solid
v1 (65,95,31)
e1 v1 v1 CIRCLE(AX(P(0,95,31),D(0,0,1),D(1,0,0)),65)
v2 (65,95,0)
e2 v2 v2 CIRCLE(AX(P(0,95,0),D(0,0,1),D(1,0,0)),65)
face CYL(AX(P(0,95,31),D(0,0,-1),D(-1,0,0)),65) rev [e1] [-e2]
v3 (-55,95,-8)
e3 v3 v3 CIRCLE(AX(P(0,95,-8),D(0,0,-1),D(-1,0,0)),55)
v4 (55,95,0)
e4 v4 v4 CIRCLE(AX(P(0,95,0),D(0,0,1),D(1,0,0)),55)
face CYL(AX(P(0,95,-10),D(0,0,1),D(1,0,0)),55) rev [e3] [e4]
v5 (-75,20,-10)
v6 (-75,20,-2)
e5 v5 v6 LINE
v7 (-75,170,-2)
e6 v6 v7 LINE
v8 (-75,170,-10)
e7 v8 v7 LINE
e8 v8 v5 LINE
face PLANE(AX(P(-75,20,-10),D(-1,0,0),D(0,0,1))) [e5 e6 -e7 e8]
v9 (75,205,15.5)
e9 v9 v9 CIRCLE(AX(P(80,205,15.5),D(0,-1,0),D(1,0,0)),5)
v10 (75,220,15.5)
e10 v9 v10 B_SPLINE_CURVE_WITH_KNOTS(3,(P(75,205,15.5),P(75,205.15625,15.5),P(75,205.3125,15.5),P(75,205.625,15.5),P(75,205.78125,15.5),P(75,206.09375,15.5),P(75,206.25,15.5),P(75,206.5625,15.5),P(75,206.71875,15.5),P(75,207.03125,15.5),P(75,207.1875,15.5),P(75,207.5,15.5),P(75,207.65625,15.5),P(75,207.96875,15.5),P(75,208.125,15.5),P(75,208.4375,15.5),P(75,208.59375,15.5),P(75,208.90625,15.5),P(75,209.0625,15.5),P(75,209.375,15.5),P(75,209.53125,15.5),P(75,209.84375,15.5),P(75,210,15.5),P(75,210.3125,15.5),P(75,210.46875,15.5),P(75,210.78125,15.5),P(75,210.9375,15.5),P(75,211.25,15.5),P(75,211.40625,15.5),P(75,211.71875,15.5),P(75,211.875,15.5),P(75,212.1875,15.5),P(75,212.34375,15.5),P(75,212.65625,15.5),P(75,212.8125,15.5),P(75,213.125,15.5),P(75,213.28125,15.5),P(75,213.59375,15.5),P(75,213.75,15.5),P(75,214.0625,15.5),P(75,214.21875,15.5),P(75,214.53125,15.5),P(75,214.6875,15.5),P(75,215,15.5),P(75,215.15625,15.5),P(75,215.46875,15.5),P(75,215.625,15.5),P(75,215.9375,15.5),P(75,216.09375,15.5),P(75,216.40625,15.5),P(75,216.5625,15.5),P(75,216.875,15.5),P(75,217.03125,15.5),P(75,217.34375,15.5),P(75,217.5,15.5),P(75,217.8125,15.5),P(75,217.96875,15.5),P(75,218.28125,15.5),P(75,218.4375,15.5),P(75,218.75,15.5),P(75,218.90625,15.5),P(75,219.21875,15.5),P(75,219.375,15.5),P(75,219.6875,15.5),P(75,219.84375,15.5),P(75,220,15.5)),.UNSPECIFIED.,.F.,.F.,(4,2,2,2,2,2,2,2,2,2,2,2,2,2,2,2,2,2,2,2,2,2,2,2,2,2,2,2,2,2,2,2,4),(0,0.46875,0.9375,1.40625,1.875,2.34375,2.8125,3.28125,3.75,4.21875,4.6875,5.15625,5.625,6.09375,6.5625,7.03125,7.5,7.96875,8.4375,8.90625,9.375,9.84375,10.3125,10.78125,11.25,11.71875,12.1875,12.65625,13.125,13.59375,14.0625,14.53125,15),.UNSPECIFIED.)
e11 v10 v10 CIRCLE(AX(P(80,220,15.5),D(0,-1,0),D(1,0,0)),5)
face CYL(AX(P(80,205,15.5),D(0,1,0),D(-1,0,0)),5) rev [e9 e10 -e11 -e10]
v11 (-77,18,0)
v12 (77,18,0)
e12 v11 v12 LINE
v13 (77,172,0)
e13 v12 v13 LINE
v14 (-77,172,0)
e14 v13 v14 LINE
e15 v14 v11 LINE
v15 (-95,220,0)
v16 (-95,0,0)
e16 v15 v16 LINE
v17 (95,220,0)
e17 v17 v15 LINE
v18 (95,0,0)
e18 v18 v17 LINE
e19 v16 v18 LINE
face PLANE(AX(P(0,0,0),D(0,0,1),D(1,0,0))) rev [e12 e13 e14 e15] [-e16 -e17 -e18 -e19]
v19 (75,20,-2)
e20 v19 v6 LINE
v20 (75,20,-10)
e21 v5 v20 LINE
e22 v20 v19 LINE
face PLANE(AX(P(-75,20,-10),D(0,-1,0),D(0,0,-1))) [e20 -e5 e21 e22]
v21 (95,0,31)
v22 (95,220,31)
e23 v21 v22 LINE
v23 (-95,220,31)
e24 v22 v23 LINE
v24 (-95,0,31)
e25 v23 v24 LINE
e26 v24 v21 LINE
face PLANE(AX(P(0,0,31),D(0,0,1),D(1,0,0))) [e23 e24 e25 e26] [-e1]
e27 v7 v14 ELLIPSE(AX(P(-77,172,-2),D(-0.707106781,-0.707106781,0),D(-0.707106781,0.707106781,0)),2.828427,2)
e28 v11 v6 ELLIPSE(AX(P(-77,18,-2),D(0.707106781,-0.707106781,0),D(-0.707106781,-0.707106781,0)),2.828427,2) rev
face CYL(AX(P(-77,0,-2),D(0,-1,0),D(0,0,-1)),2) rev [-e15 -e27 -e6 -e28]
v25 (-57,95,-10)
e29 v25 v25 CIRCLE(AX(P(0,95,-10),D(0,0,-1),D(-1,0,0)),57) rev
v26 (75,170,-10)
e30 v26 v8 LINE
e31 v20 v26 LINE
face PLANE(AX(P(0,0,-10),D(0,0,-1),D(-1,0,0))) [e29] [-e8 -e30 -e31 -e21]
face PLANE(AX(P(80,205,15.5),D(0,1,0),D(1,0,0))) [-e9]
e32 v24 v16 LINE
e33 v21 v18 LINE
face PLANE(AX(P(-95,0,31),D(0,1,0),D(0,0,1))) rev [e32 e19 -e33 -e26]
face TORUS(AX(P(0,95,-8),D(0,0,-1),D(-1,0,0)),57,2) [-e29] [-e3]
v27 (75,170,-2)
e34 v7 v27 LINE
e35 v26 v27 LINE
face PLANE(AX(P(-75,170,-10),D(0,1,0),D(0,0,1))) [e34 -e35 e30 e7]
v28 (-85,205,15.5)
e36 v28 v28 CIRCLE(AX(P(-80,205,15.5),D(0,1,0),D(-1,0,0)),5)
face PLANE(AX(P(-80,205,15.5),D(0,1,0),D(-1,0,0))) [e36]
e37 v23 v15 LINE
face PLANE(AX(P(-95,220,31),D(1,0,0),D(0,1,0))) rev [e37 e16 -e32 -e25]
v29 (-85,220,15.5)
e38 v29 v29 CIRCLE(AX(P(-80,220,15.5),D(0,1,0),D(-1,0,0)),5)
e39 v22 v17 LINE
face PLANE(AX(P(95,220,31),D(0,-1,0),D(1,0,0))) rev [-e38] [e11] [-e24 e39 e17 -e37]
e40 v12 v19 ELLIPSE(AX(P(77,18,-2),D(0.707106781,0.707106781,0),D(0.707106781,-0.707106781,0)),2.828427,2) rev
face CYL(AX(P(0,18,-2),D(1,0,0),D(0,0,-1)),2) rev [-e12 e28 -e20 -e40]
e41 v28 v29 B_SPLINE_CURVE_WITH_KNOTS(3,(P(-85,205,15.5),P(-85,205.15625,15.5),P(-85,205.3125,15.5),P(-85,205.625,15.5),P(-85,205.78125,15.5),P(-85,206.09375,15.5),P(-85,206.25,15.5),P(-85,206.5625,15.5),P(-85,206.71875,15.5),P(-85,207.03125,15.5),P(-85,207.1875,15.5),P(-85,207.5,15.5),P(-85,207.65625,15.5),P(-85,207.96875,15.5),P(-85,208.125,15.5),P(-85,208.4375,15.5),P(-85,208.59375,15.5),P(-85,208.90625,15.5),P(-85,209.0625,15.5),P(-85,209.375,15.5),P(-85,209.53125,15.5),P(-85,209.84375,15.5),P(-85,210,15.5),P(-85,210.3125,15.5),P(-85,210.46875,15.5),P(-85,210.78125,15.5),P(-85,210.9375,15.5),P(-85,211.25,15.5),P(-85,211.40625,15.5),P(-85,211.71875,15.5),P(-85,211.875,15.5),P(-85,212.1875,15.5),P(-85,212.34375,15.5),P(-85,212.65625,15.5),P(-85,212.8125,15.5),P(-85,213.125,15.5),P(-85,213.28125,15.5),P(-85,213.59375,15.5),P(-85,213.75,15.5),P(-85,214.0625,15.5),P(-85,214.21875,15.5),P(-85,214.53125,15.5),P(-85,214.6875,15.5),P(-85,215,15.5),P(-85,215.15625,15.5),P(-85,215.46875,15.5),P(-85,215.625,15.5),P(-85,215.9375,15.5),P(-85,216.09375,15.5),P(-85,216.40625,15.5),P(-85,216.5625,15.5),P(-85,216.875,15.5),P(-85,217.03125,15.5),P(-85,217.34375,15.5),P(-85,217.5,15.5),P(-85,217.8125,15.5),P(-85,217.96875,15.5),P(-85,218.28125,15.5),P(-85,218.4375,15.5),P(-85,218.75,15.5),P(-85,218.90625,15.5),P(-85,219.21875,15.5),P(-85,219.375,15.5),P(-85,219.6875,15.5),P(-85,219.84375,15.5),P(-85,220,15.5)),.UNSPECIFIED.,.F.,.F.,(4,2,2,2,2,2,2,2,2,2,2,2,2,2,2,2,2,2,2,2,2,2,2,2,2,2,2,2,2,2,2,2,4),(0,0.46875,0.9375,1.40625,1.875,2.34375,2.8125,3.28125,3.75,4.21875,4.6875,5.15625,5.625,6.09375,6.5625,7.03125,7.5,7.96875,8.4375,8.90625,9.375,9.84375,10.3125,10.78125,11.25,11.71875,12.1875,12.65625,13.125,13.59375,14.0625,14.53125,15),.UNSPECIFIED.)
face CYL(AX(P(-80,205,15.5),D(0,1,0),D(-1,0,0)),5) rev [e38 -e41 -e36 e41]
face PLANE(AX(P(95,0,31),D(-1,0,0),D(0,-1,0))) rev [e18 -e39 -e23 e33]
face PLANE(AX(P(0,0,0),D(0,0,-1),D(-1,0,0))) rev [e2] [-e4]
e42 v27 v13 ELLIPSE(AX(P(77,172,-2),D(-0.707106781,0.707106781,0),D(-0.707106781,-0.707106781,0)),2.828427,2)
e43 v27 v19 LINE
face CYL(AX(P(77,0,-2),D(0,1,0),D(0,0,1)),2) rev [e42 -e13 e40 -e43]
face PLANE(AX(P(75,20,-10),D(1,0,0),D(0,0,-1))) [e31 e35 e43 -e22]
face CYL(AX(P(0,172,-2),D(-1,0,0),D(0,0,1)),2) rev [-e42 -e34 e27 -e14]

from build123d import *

# Parameters (mm, degrees)
ESQUISSE1_W             = 190
ESQUISSE1_H             = 220
ESQUISSE1_R             = 65
BOSS_EXTRU_1_DEPTH      = 31
ESQUISSE2_R             = 5
ENL_V_MAT_EXTRU_1_DEPTH = 15
ESQUISSE4_W             = 150
ESQUISSE4_H             = 150
ESQUISSE4_R             = 55
BOSS_EXTRU_2_DEPTH      = 10
CONG_1_R                = 2


with BuildPart() as part:
    # Esquisse1 → Boss.-Extru.1 (new body)
    with BuildSketch(Plane.XY):
        with Locations((0, 110)):
            Rectangle(ESQUISSE1_W, ESQUISSE1_H)
        with Locations((0, 95)):
            Circle(ESQUISSE1_R, mode=Mode.SUBTRACT)
    extrude(amount=BOSS_EXTRU_1_DEPTH)

    # Esquisse2 → Enlèv. mat.-Extru.1 (cut)
    with BuildSketch(Plane(origin=(0, 220, 0), x_dir=(1, 0, 0), z_dir=(0, 1, 0))):
        with Locations(Location((-80, -15.5, 0), (0, 0, 180))):
            Circle(ESQUISSE2_R)
    enl_v_mat_extru_1 = extrude(amount=-ENL_V_MAT_EXTRU_1_DEPTH, mode=Mode.SUBTRACT)

    # Symétrie1: Enlèv. mat.-Extru.1 across plane
    add(enl_v_mat_extru_1.mirror(Plane(origin=(0, 0, 0), x_dir=(0, 0, 1), z_dir=(1, 0, 0))), mode=Mode.SUBTRACT)

    # Esquisse4 → Boss.-Extru.2 (add)
    with BuildSketch(Plane.XY):
        with Locations((0, 95)):
            Rectangle(ESQUISSE4_W, ESQUISSE4_H)
        with Locations((0, 95)):
            Circle(ESQUISSE4_R, mode=Mode.SUBTRACT)
    extrude(amount=-BOSS_EXTRU_2_DEPTH)

    # Congé1
    cong_1_edges = [part.edges().sort_by_distance(p)[0] for p in [
        (-55, 95, -10),
        (75, 95, 0),
        (0, 170, 0),
        (-75, 95, 0),
        (0, 20, 0),
    ]]
    fillet(cong_1_edges, radius=CONG_1_R)


solid = part.part
